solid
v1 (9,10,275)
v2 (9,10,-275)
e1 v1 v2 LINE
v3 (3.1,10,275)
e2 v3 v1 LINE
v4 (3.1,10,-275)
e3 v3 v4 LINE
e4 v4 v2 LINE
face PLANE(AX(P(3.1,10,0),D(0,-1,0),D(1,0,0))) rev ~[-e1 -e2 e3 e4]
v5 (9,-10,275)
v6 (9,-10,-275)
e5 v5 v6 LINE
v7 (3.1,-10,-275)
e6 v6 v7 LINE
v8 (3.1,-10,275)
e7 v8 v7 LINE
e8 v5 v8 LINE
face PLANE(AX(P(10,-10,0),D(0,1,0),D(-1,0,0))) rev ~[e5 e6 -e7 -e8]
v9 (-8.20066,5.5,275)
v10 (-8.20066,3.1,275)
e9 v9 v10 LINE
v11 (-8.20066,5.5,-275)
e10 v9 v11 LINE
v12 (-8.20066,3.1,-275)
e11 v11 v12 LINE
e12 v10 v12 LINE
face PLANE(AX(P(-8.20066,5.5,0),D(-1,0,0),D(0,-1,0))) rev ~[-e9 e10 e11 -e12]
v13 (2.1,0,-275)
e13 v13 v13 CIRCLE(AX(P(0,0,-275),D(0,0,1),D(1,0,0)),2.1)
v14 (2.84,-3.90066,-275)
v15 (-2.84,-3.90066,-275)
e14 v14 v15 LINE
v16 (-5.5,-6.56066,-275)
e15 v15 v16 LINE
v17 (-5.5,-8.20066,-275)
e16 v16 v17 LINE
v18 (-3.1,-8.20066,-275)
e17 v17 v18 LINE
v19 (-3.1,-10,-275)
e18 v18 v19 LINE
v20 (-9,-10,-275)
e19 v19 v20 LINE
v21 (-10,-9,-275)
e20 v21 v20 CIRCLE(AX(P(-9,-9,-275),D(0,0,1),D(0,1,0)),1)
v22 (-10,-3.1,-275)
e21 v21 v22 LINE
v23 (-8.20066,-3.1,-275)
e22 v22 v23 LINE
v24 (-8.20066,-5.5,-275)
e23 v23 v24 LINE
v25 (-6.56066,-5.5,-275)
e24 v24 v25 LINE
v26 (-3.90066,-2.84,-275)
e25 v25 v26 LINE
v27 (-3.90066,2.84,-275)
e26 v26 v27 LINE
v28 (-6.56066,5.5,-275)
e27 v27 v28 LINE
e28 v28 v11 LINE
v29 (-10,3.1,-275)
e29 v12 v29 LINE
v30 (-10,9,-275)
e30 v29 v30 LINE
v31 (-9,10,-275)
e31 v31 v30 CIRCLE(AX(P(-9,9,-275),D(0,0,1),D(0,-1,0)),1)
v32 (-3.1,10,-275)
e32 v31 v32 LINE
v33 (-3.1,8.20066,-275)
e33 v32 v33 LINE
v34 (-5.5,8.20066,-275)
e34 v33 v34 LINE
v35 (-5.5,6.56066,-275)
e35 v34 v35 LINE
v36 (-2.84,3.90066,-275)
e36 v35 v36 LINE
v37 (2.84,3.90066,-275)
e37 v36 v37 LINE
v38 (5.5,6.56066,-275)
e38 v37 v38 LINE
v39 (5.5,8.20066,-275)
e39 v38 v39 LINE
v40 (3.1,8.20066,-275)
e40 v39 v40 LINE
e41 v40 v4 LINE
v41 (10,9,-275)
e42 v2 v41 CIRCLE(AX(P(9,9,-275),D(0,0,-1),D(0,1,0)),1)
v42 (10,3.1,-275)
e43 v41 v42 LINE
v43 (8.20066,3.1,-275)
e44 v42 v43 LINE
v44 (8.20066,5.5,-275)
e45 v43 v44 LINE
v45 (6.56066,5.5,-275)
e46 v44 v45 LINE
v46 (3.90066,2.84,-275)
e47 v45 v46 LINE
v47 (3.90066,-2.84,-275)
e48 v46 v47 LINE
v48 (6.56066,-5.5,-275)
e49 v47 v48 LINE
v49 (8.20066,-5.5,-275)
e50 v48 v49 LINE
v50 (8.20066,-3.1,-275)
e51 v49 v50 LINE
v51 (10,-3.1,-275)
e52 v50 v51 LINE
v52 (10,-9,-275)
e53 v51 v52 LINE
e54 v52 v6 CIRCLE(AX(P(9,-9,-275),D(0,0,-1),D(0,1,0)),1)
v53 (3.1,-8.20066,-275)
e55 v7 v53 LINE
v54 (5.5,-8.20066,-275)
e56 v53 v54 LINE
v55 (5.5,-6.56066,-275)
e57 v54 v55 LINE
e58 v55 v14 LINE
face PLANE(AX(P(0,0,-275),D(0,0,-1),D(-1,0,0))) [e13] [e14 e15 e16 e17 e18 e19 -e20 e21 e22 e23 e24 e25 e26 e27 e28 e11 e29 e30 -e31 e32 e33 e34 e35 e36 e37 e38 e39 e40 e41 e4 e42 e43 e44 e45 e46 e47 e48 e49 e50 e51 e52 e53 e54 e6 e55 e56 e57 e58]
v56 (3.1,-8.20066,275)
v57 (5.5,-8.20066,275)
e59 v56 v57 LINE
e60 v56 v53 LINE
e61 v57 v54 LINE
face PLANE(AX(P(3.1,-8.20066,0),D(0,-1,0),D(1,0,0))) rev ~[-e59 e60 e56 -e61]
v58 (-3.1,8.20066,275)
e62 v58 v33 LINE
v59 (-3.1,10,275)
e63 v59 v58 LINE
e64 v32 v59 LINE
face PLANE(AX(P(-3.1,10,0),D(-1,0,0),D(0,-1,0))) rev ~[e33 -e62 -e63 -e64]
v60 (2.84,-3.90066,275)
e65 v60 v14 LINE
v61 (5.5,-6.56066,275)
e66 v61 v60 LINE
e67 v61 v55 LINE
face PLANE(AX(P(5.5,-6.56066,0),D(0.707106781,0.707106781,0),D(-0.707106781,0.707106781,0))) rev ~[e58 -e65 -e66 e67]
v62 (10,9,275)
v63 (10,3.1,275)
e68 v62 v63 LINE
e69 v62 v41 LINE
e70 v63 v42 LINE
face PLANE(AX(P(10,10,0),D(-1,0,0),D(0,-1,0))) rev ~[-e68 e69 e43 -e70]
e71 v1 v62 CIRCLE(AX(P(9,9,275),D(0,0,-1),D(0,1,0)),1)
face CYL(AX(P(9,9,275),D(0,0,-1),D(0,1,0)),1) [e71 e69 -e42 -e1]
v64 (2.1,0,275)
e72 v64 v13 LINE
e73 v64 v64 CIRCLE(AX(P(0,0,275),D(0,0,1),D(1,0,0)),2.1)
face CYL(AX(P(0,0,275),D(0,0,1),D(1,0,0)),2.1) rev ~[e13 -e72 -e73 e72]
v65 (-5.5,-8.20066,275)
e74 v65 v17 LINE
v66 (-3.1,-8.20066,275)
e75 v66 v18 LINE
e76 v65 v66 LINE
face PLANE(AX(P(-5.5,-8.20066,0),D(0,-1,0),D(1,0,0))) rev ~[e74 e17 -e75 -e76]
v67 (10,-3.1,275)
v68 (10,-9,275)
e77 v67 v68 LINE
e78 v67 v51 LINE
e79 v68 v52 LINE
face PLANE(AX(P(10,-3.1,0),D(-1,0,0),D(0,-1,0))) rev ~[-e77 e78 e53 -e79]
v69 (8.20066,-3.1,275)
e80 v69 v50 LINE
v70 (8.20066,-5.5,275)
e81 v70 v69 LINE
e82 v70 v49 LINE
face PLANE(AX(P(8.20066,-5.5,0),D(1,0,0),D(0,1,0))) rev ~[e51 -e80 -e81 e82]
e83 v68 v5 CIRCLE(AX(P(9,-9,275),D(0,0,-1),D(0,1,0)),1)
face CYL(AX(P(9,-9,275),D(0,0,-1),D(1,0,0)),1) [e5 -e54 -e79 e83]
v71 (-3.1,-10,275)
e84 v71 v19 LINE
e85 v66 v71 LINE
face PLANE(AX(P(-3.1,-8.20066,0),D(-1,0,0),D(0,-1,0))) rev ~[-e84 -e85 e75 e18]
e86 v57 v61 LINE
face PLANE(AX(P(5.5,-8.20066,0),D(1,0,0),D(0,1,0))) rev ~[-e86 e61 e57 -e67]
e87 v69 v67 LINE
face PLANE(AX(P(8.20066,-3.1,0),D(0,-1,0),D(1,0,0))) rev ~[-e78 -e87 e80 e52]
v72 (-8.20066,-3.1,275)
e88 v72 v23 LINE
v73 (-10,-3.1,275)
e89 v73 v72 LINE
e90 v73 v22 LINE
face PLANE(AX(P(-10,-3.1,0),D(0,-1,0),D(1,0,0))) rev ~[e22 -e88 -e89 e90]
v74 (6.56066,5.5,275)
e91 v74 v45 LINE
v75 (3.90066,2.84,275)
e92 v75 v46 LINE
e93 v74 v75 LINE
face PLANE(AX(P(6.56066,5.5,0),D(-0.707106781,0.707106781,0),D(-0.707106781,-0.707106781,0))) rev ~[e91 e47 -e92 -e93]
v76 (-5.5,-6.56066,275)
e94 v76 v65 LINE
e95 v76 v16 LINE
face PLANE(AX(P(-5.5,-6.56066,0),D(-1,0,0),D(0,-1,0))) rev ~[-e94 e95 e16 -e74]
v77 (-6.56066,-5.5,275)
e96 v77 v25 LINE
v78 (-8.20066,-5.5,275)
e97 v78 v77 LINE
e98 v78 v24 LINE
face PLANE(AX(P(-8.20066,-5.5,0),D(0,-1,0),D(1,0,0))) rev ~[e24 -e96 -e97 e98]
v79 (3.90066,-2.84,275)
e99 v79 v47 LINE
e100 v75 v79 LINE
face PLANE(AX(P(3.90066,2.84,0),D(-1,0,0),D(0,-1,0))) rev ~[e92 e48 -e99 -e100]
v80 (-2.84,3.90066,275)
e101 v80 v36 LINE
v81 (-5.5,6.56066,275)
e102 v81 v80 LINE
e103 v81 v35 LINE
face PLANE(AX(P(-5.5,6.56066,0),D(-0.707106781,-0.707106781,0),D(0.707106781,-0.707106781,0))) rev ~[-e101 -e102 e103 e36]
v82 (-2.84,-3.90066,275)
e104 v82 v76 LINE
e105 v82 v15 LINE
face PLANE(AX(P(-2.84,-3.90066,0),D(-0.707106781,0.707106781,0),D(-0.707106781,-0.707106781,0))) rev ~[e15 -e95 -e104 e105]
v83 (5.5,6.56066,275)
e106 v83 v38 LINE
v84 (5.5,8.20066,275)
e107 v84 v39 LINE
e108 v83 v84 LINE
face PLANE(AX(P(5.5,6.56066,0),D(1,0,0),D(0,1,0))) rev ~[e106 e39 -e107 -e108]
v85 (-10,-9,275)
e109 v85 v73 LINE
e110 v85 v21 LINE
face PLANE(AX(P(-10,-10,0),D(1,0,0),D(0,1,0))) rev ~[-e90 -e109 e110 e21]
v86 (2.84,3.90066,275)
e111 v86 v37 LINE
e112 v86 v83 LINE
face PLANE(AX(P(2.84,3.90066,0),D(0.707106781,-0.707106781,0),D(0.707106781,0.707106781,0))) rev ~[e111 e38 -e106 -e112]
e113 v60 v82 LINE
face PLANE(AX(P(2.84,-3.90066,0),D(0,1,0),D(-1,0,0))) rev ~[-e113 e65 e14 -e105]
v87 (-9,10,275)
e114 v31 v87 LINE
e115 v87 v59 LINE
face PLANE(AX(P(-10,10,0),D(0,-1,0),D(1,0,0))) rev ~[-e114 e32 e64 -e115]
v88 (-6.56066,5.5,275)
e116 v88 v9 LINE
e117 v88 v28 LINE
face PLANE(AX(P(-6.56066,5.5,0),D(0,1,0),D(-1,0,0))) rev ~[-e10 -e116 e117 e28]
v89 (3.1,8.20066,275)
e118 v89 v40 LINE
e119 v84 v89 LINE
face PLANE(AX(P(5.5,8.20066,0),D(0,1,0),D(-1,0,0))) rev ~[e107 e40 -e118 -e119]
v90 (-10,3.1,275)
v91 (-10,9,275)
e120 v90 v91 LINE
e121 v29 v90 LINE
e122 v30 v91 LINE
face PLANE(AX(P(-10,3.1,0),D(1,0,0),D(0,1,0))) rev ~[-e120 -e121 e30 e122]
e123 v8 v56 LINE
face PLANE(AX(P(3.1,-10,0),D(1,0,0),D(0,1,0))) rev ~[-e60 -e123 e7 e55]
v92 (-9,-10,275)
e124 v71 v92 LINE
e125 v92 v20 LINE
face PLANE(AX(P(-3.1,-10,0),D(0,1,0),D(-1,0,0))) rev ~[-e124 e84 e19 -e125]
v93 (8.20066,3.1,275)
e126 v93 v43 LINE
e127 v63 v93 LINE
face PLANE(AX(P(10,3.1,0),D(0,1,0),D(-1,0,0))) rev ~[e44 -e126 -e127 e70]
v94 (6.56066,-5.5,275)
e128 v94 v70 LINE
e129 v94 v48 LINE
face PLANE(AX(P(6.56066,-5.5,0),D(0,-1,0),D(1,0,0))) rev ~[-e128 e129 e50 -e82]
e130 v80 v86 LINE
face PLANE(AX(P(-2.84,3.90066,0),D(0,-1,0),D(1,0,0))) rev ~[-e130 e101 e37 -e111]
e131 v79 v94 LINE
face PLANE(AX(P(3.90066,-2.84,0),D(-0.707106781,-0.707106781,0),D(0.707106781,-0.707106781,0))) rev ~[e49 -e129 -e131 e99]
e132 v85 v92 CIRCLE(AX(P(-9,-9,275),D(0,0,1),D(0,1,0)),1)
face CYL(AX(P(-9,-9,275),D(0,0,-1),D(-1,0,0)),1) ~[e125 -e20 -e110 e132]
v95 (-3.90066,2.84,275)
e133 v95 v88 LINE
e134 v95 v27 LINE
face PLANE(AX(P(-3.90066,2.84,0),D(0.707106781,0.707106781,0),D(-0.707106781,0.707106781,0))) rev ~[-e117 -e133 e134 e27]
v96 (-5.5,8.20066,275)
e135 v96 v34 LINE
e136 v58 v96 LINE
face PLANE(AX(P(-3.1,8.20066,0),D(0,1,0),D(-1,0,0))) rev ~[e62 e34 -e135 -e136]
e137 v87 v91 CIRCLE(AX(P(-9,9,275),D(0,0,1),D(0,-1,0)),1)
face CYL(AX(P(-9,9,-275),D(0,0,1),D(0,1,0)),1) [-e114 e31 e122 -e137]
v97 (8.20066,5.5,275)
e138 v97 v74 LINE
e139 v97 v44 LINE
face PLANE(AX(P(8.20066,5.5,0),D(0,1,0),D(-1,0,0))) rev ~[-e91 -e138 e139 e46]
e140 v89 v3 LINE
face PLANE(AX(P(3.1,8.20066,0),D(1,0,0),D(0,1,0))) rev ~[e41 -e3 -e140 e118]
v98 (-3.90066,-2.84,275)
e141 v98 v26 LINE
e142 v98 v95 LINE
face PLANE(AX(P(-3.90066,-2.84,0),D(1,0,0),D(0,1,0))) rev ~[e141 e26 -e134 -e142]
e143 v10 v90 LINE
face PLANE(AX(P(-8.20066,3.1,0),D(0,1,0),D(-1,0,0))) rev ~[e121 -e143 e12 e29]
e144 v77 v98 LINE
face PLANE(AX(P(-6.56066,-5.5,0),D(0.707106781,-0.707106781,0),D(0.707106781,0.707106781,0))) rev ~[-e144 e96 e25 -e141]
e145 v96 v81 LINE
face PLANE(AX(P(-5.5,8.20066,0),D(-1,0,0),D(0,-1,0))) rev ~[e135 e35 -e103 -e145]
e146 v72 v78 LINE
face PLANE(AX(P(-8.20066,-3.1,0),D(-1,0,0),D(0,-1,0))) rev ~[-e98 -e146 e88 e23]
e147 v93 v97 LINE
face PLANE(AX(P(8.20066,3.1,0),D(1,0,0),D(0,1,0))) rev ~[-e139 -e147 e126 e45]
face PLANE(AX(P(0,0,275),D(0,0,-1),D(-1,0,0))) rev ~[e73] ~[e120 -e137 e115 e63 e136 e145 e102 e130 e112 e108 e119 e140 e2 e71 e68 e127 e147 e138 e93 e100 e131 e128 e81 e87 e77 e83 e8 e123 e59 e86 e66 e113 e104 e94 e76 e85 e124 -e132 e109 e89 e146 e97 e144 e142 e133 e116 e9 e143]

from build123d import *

# Parameters (mm, degrees)
BOSS_EXTRUDE1_DEPTH = 275
SKETCH2_R           = 2.1
CUT_EXTRUDE1_DEPTH  = 551
FILLET1_R           = 1


with BuildPart() as part:
    # Sketch1 → Boss-Extrude1 (new body, symmetric)
    with BuildSketch(Plane.XY):
        Polygon((-3.1, 10), (-3.1, 8.200660172), (-5.5, 8.200660172), (-5.5, 6.560660172), (-2.84, 3.900660172), (2.84, 3.900660172), (5.5, 6.560660172), (5.5, 8.200660172), (3.1, 8.200660172), (3.1, 10), (10, 10), (10, 3.1), (8.200660172, 3.1), (8.200660172, 5.5), (6.560660172, 5.5), (3.900660172, 2.84), (3.900660172, -2.84), (6.560660172, -5.5), (8.200660172, -5.5), (8.200660172, -3.1), (10, -3.1), (10, -10), (3.1, -10), (3.1, -8.200660172), (5.5, -8.200660172), (5.5, -6.560660172), (2.84, -3.900660172), (-2.84, -3.900660172), (-5.5, -6.560660172), (-5.5, -8.200660172), (-3.1, -8.200660172), (-3.1, -10), (-10, -10), (-10, -3.1), (-8.200660172, -3.1), (-8.200660172, -5.5), (-6.560660172, -5.5), (-3.900660172, -2.84), (-3.900660172, 2.84), (-6.560660172, 5.5), (-8.200660172, 5.5), (-8.200660172, 3.1), (-10, 3.1), (-10, 10), align=None)
    extrude(amount=BOSS_EXTRUDE1_DEPTH, both=True)

    # Sketch2 → Cut-Extrude1 (cut, through all)
    with BuildSketch(Plane.XY.offset(275)):
        Circle(SKETCH2_R)
    extrude(amount=-CUT_EXTRUDE1_DEPTH, mode=Mode.SUBTRACT)

    # Fillet1
    fillet1_edges = [part.edges().sort_by_distance(p)[0] for p in [
        (-10, -10, 0),
        (-10, 10, 0),
        (10, 10, 0),
        (10, -10, 0),
    ]]
    fillet(fillet1_edges, radius=FILLET1_R)


solid = part.part
